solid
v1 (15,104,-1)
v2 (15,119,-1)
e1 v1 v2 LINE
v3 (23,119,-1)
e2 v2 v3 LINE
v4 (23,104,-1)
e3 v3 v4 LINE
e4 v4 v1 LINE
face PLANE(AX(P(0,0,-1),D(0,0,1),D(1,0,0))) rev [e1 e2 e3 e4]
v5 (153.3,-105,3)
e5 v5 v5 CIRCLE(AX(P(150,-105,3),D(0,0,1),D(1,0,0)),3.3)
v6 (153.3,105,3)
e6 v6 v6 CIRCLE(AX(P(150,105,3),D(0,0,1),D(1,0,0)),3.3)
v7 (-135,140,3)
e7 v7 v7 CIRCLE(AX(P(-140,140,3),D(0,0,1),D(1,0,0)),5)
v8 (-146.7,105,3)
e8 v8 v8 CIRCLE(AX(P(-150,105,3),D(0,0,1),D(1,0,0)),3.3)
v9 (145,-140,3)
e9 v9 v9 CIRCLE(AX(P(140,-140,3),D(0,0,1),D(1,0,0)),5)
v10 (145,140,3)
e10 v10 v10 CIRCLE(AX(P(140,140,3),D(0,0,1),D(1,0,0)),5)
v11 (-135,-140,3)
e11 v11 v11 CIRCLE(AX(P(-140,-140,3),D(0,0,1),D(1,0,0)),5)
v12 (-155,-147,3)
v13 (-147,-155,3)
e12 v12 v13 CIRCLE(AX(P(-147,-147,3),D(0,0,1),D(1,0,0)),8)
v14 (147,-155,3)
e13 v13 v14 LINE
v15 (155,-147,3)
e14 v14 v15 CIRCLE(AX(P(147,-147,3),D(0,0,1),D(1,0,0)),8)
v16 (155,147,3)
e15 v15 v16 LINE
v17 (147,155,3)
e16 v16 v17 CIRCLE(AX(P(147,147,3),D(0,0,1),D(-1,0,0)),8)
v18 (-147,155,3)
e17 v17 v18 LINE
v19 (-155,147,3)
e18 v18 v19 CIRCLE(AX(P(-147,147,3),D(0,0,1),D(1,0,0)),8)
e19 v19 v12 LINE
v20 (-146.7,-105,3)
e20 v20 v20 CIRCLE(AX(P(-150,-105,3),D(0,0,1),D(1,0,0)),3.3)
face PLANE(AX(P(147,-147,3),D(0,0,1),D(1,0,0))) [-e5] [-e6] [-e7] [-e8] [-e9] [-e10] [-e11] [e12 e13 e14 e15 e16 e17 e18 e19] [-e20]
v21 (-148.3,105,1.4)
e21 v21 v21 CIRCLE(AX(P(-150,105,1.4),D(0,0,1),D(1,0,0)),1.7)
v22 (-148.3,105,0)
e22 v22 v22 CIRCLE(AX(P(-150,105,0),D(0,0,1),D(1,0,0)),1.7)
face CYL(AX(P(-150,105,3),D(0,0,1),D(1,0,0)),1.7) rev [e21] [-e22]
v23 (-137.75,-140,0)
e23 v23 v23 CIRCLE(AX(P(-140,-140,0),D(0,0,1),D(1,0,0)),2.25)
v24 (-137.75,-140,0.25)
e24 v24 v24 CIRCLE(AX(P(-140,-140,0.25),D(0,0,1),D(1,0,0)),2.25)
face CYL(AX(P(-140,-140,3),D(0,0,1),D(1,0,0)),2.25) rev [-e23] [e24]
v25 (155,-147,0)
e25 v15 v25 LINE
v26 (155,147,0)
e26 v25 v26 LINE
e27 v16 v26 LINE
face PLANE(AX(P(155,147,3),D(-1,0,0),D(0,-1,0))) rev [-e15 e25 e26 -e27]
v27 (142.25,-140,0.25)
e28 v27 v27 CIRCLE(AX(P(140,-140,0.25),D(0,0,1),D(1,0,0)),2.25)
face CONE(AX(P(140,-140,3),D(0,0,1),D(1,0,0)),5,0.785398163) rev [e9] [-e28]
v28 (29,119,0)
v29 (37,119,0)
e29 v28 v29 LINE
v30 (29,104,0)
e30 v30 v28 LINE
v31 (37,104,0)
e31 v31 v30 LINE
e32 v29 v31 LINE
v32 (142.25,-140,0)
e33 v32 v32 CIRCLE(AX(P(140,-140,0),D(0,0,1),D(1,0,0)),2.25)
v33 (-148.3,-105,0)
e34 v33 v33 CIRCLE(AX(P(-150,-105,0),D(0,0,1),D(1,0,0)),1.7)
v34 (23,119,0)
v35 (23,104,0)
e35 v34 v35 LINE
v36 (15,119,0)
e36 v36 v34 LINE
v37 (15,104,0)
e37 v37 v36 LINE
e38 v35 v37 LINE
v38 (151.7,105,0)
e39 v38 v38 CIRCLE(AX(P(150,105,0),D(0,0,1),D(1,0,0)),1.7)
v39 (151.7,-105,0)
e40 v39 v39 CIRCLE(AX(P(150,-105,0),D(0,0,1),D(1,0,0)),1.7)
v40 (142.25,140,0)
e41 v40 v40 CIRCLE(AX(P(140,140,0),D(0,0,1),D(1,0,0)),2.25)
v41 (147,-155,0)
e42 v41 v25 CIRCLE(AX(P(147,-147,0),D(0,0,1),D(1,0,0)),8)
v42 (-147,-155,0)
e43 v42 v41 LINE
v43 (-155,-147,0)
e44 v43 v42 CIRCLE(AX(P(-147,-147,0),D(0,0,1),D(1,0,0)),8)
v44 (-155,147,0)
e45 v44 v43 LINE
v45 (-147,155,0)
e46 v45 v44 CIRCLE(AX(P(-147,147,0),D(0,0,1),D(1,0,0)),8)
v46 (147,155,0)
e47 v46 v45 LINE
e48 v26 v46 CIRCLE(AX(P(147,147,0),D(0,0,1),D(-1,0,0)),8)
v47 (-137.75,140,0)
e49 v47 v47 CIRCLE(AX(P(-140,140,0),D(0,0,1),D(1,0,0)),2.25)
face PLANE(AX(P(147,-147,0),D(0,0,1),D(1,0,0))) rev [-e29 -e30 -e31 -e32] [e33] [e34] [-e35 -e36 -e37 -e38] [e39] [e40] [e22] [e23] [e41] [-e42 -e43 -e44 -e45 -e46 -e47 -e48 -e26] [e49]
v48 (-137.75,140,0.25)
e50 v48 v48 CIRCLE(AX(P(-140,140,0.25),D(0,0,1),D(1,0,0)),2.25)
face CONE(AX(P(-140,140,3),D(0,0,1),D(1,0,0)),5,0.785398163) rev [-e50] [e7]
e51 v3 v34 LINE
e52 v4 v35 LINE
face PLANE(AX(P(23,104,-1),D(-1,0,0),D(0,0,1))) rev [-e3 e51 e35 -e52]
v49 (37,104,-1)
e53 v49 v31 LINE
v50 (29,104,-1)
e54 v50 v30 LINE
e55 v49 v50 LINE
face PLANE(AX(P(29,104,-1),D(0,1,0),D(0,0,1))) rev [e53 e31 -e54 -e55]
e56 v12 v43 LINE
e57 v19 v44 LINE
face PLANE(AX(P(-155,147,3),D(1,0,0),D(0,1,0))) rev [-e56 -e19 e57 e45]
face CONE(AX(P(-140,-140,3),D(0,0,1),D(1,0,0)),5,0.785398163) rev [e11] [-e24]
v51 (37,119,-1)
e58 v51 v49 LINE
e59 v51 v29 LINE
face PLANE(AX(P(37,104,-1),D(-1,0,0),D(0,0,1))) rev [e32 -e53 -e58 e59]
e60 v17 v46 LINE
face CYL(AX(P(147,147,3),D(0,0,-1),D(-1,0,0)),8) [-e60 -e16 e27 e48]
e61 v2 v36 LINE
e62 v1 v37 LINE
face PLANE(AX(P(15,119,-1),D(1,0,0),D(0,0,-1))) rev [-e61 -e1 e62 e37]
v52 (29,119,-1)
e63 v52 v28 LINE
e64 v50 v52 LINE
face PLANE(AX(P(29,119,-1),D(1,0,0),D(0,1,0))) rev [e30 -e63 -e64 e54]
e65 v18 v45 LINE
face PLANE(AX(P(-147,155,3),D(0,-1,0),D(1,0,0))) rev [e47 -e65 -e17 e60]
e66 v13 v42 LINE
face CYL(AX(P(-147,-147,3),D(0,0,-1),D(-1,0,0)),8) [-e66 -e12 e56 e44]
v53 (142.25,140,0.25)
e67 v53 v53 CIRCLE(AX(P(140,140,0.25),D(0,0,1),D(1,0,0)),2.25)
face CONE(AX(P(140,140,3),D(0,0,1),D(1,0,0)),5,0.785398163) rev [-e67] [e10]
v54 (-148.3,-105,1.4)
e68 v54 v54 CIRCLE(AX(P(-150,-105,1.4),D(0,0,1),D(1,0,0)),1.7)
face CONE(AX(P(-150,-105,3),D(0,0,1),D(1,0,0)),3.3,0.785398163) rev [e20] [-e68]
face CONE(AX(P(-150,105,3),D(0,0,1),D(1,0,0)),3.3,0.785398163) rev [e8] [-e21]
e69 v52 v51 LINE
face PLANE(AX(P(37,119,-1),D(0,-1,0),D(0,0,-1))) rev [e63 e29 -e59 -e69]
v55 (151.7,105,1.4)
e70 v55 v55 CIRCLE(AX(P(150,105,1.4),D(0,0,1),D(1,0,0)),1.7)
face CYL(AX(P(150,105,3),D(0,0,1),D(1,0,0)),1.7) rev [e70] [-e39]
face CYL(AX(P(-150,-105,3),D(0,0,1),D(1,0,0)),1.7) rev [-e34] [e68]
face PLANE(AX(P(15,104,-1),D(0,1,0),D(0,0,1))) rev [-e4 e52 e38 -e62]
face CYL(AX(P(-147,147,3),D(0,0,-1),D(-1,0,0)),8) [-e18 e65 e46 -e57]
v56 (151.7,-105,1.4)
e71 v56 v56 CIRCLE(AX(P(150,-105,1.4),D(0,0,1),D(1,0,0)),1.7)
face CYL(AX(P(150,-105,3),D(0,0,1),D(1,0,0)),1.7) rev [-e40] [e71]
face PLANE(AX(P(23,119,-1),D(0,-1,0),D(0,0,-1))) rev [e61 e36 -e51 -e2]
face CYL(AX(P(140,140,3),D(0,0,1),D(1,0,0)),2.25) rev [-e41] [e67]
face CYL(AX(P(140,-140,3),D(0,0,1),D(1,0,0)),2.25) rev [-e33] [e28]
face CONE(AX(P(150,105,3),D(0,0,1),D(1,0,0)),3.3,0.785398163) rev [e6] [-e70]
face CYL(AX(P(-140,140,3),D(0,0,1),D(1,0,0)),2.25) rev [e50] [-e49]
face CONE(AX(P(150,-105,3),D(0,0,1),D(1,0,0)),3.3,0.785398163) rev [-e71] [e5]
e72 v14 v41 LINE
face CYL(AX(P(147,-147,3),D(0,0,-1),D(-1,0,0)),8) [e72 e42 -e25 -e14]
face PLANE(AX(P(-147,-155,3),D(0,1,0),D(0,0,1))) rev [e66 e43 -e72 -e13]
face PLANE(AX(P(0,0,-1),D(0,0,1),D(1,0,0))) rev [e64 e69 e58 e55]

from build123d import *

# Parameters (mm, degrees)
EXTRUDE_1_DEPTH             = 3
HOLE_WIZARD_1_AT_2_COUNT    = 2
HOLE_WIZARD_1_AT_2_PITCH    = 280
HOLE_WIZARD_1_AT_3_COUNT    = 2
HOLE_WIZARD_1_AT_3_PITCH    = 395.979797464
HOLE_WIZARD_1_AT_4_COUNT    = 2
HOLE_WIZARD_1_AT_4_PITCH    = 280
SKETCH_4_W                  = 8
SKETCH_4_H                  = 15
EXTRUDE_2_DEPTH             = 1
HOLE_WIZARD_1_2_D           = 3.4
HOLE_WIZARD_1_2_CSINK_D     = 6.6
HOLE_WIZARD_1_2_CSINK_ANGLE = 90


with BuildPart() as part:
    # 草图1 → 凸台-拉伸1 (new body)
    with BuildSketch(Plane.XY):
        with BuildLine():
            Line((-147, 155), (147, 155))
            ThreePointArc((147, 155), (152.656854249, 152.656854249), (155, 147))
            Line((155, 147), (155, -147))
            ThreePointArc((155, -147), (152.656854249, -152.656854249), (147, -155))
            Line((147, -155), (-147, -155))
            ThreePointArc((-147, -155), (-152.656854249, -152.656854249), (-155, -147))
            Line((-155, -147), (-155, 147))
            ThreePointArc((-155, 147), (-152.656854249, 152.656854249), (-147, 155))
        make_face()
    extrude(amount=EXTRUDE_1_DEPTH)

    # 草图2 → Hole Wizard 1 (revolve, cut)
    with BuildSketch(Plane(origin=(-140, 140, 3), x_dir=(0, -1, 0), z_dir=(1, 0, 0))):
        Polygon((0, 0), (0, 3), (2.25, 3), (2.25, 2.75), (5, 0), align=None)
    hole_wizard_1 = revolve(axis=Axis((-140, 140, 9.35), (0, 0, -1)), mode=Mode.SUBTRACT)

    # Hole Wizard 1 at 2: Hole Wizard 1 ×2
    with Locations(*[(i * HOLE_WIZARD_1_AT_2_PITCH, 0, 0) for i in range(1, HOLE_WIZARD_1_AT_2_COUNT)]):
        add(hole_wizard_1, mode=Mode.SUBTRACT)

    # Hole Wizard 1 at 3: Hole Wizard 1 ×2
    with Locations(*[Vector(0.707106781, -0.707106781, 0) * (i * HOLE_WIZARD_1_AT_3_PITCH) for i in range(1, HOLE_WIZARD_1_AT_3_COUNT)]):
        add(hole_wizard_1, mode=Mode.SUBTRACT)

    # Hole Wizard 1 at 4: Hole Wizard 1 ×2
    with Locations(*[(0, -i * HOLE_WIZARD_1_AT_4_PITCH, 0) for i in range(1, HOLE_WIZARD_1_AT_4_COUNT)]):
        add(hole_wizard_1, mode=Mode.SUBTRACT)

    # 草图4 → 凸台-拉伸2 (add)
    with BuildSketch(Plane(origin=(0, 0, 0), x_dir=(-1, 0, 0), z_dir=(0, 0, -1))):
        with Locations((-19, 111.5)):
            Rectangle(SKETCH_4_W, SKETCH_4_H)
        with Locations((-33, 111.5)):
            Rectangle(SKETCH_4_W, SKETCH_4_H)
    extrude(amount=EXTRUDE_2_DEPTH)

    # Hole Wizard 1 2 (through all)
    with Locations(Plane.XY.offset(3)):
        with Locations((150, -105), (150, 105), (-150, 105), (-150, -105)):
            CounterSinkHole(HOLE_WIZARD_1_2_D / 2, HOLE_WIZARD_1_2_CSINK_D / 2, counter_sink_angle=HOLE_WIZARD_1_2_CSINK_ANGLE)


solid = part.part
